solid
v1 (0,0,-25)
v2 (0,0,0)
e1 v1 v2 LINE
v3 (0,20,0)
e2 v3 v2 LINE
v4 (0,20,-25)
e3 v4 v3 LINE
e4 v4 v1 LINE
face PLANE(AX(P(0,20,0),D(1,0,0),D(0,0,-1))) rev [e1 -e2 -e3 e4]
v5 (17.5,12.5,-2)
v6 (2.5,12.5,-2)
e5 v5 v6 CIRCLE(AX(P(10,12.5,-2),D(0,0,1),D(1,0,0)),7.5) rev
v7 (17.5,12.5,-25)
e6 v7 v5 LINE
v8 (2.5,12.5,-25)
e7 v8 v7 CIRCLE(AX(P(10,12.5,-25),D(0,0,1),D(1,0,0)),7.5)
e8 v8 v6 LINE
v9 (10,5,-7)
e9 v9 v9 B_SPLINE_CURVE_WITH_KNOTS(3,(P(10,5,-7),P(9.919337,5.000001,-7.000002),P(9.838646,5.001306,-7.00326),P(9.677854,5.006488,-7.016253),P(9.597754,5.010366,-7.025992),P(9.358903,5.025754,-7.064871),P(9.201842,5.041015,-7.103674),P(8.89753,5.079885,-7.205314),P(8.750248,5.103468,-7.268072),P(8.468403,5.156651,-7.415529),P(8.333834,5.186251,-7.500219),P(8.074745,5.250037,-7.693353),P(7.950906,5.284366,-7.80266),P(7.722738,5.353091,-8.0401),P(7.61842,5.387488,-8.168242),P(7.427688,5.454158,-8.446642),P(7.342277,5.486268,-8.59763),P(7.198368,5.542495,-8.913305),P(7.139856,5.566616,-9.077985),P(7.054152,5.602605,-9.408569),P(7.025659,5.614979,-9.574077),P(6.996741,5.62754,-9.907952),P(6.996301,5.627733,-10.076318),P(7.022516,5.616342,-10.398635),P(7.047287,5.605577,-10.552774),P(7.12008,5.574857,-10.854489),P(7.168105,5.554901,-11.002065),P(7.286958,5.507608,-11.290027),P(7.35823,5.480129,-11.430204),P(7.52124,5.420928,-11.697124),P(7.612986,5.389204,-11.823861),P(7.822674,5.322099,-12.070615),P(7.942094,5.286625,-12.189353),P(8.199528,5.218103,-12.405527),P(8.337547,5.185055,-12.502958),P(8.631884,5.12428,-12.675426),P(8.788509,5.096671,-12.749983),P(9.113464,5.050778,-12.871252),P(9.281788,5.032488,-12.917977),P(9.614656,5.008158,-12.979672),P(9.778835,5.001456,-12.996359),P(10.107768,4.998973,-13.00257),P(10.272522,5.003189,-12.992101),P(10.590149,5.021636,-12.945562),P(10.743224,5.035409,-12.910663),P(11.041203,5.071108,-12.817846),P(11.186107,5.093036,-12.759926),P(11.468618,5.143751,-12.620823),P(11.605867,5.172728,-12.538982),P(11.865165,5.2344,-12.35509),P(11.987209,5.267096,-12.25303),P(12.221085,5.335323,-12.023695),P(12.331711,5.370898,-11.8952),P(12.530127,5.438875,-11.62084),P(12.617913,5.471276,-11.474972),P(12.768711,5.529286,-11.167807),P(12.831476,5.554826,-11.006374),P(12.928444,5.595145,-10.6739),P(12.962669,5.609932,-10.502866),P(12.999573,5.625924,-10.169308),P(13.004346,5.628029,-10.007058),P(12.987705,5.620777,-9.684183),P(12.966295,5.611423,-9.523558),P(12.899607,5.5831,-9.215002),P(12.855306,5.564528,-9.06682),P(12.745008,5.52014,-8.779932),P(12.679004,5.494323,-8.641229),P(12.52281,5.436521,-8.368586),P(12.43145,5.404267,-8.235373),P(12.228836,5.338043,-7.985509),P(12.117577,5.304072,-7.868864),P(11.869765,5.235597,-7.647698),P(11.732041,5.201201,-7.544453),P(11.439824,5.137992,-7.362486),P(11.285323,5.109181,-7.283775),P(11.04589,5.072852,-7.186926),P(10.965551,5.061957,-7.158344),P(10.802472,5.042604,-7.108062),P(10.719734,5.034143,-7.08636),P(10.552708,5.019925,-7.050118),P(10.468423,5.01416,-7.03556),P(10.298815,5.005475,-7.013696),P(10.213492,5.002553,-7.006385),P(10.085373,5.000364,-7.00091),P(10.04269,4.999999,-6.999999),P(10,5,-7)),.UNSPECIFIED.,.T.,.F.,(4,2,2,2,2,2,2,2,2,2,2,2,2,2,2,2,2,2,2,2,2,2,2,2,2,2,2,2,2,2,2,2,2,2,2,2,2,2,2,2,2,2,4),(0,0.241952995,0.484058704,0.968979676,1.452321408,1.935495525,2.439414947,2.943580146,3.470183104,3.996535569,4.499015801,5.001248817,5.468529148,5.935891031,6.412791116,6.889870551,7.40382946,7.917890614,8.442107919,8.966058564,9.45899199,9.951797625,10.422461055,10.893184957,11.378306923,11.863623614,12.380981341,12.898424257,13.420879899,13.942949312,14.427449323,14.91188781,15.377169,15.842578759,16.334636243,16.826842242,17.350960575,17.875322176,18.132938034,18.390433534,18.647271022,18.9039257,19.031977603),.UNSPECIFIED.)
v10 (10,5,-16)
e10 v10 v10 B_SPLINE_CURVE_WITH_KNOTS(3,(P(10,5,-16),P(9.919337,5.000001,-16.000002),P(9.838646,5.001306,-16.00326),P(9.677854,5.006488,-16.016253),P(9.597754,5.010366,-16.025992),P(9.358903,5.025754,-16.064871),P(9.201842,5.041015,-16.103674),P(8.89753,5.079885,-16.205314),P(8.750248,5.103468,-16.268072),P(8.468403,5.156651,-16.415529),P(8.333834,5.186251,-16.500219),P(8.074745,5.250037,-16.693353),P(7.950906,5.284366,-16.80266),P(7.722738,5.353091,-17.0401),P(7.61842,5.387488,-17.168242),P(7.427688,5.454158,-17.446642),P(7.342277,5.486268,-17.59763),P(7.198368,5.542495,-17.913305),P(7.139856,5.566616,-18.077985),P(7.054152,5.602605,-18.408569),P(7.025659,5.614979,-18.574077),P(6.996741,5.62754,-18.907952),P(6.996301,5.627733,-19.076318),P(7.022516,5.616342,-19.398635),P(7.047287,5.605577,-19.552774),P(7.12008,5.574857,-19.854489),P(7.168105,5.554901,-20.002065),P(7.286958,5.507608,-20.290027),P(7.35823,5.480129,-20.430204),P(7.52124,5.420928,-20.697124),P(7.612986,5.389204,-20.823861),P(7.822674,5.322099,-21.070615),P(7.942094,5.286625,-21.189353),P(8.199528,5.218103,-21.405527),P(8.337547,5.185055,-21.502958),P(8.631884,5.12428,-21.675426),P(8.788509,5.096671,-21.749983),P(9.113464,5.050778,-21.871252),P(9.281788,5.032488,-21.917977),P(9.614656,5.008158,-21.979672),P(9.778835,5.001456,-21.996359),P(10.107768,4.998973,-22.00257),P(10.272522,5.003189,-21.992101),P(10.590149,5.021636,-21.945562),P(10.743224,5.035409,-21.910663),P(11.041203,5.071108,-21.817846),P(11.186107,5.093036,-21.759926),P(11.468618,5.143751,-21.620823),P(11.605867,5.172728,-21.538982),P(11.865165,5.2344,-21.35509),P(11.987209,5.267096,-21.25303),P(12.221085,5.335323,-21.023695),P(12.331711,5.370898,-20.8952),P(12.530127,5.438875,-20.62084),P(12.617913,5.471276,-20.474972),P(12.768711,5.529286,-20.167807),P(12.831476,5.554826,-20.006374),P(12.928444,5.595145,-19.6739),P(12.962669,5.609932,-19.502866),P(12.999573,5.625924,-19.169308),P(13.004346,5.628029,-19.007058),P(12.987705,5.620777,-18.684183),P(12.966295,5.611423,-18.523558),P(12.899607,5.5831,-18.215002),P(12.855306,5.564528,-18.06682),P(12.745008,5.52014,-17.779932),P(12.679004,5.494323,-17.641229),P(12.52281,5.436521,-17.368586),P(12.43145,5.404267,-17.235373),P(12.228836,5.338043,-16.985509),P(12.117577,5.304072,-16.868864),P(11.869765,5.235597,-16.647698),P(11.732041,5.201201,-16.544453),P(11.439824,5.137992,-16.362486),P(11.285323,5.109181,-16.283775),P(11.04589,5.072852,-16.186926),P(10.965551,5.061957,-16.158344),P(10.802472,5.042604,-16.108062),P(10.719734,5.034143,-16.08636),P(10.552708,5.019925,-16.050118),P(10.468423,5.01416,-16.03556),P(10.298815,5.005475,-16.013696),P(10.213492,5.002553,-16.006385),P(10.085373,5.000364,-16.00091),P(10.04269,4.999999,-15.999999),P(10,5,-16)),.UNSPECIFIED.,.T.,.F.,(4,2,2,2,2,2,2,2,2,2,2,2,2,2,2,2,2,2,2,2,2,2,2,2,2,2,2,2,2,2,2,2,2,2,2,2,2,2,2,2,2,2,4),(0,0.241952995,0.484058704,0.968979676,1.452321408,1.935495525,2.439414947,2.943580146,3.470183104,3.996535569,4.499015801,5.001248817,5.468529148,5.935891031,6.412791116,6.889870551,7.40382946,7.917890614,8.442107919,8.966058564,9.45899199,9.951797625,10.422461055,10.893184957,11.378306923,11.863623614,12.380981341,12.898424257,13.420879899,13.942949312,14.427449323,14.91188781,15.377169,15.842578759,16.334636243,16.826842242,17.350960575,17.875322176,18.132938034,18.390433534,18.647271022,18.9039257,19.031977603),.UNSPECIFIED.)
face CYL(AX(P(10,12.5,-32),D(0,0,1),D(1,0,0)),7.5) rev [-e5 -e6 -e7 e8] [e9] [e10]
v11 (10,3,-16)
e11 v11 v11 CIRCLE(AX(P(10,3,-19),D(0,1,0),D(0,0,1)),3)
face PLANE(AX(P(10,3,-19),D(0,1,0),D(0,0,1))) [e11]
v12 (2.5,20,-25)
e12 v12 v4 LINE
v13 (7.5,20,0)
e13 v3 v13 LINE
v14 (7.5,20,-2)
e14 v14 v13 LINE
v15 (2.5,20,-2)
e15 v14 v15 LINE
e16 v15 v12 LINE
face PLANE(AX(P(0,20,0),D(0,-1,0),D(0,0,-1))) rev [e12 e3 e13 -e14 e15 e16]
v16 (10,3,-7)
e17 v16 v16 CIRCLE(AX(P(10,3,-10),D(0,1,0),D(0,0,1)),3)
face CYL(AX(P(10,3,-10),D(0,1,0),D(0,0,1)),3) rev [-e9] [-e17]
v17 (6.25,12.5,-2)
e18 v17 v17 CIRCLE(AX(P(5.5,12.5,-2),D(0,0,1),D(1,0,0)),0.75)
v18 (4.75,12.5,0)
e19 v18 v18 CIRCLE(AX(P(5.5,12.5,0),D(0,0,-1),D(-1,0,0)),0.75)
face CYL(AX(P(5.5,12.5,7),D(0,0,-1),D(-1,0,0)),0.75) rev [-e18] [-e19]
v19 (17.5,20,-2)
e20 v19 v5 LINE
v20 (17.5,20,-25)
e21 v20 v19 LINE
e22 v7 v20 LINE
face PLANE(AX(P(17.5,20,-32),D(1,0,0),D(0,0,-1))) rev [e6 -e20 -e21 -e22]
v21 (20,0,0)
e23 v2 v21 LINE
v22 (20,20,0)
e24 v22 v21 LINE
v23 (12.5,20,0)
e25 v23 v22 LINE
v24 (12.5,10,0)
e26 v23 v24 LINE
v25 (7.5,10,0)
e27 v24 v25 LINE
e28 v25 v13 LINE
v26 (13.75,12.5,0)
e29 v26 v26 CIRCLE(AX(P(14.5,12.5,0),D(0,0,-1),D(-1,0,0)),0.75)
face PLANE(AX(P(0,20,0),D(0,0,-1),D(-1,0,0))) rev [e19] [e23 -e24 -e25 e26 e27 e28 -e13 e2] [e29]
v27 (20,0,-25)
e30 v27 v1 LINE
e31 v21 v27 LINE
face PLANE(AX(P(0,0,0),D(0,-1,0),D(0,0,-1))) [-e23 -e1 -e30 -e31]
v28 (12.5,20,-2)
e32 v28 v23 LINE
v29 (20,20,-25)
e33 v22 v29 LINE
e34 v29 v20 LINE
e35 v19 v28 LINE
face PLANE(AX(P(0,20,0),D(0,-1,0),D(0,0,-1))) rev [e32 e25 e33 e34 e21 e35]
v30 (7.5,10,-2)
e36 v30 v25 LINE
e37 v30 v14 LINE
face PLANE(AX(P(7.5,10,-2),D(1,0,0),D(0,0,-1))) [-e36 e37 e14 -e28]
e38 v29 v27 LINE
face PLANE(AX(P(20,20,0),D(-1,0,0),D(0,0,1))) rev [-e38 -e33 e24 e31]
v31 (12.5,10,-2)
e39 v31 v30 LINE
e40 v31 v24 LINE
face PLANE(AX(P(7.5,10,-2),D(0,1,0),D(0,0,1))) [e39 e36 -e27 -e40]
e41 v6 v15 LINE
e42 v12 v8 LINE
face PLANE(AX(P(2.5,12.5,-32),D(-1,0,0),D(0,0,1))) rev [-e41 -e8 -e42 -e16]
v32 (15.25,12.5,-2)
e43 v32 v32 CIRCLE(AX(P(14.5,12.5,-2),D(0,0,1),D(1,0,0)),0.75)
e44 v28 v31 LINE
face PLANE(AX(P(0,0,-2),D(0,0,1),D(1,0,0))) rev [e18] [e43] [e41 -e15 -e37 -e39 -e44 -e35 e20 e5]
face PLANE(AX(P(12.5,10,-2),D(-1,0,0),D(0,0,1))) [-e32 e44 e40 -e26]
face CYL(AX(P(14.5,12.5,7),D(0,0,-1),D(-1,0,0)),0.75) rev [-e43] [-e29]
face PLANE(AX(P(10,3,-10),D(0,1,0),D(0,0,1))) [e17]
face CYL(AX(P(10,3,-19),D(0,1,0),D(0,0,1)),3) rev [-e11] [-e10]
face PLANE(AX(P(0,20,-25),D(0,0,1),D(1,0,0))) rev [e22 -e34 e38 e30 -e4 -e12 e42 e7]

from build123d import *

# Parameters (mm, degrees)
IZIM1_W                     = 20
IZIM1_H                     = 25
Y_KSEKLIK_EKSTR_ZYON1_DEPTH = 20
KES_EKSTR_ZYON3_DEPTH       = 32
IZIM3_R                     = 3
KES_EKSTR_ZYON4_DEPTH       = 17
Y_KSEKLIK_EKSTR_ZYON2_DEPTH = 2
IZIM5_R                     = 0.75
KES_EKSTR_ZYON5_DEPTH       = 32


with BuildPart() as part:
    # Çizim1 → Yükseklik-Ekstrüzyon1 (new body)
    with BuildSketch(Plane(origin=(0, 0, 0), x_dir=(1, 0, 0), z_dir=(0, 1, 0))):
        with Locations((10, 12.5)):
            Rectangle(IZIM1_W, IZIM1_H)
    extrude(amount=Y_KSEKLIK_EKSTR_ZYON1_DEPTH)

    # Çizim2 → Kes-Ekstrüzyon3 (cut)
    with BuildSketch(Plane.XY):
        with BuildLine():
            Line((2.5, 12.5), (2.5, 20))
            Line((2.5, 20), (17.5, 20))
            Line((17.5, 20), (17.5, 12.5))
            ThreePointArc((17.5, 12.5), (10, 5), (2.5, 12.5))
        make_face()
    extrude(amount=-KES_EKSTR_ZYON3_DEPTH, mode=Mode.SUBTRACT)

    # Çizim3 → Kes-Ekstrüzyon4 (cut)
    with BuildSketch(Plane(origin=(0, 20, 0), x_dir=(1, 0, 0), z_dir=(0, 1, 0))):
        with Locations(Location((10, 10, 0), (0, 0, 270))):
            Circle(IZIM3_R)
        with Locations(Location((10, 19, 0), (0, 0, 270))):
            Circle(IZIM3_R)
    extrude(amount=-KES_EKSTR_ZYON4_DEPTH, mode=Mode.SUBTRACT)

    # Çizim4 → Yükseklik-Ekstrüzyon2 (add)
    with BuildSketch(Plane.XY):
        Polygon((12.5, 20), (20, 20), (20, 0), (0, 0), (0, 20), (7.5, 20), (7.5, 10), (12.5, 10), align=None)
    extrude(amount=-Y_KSEKLIK_EKSTR_ZYON2_DEPTH)

    # Çizim5 → Kes-Ekstrüzyon5 (cut)
    with BuildSketch(Plane(origin=(0, 0, -25), x_dir=(-1, 0, 0), z_dir=(0, 0, -1))):
        with Locations((-14.5, 12.5)):
            Circle(IZIM5_R)
        with Locations((-5.5, 12.5)):
            Circle(IZIM5_R)
    extrude(amount=-KES_EKSTR_ZYON5_DEPTH, mode=Mode.SUBTRACT)


solid = part.part
